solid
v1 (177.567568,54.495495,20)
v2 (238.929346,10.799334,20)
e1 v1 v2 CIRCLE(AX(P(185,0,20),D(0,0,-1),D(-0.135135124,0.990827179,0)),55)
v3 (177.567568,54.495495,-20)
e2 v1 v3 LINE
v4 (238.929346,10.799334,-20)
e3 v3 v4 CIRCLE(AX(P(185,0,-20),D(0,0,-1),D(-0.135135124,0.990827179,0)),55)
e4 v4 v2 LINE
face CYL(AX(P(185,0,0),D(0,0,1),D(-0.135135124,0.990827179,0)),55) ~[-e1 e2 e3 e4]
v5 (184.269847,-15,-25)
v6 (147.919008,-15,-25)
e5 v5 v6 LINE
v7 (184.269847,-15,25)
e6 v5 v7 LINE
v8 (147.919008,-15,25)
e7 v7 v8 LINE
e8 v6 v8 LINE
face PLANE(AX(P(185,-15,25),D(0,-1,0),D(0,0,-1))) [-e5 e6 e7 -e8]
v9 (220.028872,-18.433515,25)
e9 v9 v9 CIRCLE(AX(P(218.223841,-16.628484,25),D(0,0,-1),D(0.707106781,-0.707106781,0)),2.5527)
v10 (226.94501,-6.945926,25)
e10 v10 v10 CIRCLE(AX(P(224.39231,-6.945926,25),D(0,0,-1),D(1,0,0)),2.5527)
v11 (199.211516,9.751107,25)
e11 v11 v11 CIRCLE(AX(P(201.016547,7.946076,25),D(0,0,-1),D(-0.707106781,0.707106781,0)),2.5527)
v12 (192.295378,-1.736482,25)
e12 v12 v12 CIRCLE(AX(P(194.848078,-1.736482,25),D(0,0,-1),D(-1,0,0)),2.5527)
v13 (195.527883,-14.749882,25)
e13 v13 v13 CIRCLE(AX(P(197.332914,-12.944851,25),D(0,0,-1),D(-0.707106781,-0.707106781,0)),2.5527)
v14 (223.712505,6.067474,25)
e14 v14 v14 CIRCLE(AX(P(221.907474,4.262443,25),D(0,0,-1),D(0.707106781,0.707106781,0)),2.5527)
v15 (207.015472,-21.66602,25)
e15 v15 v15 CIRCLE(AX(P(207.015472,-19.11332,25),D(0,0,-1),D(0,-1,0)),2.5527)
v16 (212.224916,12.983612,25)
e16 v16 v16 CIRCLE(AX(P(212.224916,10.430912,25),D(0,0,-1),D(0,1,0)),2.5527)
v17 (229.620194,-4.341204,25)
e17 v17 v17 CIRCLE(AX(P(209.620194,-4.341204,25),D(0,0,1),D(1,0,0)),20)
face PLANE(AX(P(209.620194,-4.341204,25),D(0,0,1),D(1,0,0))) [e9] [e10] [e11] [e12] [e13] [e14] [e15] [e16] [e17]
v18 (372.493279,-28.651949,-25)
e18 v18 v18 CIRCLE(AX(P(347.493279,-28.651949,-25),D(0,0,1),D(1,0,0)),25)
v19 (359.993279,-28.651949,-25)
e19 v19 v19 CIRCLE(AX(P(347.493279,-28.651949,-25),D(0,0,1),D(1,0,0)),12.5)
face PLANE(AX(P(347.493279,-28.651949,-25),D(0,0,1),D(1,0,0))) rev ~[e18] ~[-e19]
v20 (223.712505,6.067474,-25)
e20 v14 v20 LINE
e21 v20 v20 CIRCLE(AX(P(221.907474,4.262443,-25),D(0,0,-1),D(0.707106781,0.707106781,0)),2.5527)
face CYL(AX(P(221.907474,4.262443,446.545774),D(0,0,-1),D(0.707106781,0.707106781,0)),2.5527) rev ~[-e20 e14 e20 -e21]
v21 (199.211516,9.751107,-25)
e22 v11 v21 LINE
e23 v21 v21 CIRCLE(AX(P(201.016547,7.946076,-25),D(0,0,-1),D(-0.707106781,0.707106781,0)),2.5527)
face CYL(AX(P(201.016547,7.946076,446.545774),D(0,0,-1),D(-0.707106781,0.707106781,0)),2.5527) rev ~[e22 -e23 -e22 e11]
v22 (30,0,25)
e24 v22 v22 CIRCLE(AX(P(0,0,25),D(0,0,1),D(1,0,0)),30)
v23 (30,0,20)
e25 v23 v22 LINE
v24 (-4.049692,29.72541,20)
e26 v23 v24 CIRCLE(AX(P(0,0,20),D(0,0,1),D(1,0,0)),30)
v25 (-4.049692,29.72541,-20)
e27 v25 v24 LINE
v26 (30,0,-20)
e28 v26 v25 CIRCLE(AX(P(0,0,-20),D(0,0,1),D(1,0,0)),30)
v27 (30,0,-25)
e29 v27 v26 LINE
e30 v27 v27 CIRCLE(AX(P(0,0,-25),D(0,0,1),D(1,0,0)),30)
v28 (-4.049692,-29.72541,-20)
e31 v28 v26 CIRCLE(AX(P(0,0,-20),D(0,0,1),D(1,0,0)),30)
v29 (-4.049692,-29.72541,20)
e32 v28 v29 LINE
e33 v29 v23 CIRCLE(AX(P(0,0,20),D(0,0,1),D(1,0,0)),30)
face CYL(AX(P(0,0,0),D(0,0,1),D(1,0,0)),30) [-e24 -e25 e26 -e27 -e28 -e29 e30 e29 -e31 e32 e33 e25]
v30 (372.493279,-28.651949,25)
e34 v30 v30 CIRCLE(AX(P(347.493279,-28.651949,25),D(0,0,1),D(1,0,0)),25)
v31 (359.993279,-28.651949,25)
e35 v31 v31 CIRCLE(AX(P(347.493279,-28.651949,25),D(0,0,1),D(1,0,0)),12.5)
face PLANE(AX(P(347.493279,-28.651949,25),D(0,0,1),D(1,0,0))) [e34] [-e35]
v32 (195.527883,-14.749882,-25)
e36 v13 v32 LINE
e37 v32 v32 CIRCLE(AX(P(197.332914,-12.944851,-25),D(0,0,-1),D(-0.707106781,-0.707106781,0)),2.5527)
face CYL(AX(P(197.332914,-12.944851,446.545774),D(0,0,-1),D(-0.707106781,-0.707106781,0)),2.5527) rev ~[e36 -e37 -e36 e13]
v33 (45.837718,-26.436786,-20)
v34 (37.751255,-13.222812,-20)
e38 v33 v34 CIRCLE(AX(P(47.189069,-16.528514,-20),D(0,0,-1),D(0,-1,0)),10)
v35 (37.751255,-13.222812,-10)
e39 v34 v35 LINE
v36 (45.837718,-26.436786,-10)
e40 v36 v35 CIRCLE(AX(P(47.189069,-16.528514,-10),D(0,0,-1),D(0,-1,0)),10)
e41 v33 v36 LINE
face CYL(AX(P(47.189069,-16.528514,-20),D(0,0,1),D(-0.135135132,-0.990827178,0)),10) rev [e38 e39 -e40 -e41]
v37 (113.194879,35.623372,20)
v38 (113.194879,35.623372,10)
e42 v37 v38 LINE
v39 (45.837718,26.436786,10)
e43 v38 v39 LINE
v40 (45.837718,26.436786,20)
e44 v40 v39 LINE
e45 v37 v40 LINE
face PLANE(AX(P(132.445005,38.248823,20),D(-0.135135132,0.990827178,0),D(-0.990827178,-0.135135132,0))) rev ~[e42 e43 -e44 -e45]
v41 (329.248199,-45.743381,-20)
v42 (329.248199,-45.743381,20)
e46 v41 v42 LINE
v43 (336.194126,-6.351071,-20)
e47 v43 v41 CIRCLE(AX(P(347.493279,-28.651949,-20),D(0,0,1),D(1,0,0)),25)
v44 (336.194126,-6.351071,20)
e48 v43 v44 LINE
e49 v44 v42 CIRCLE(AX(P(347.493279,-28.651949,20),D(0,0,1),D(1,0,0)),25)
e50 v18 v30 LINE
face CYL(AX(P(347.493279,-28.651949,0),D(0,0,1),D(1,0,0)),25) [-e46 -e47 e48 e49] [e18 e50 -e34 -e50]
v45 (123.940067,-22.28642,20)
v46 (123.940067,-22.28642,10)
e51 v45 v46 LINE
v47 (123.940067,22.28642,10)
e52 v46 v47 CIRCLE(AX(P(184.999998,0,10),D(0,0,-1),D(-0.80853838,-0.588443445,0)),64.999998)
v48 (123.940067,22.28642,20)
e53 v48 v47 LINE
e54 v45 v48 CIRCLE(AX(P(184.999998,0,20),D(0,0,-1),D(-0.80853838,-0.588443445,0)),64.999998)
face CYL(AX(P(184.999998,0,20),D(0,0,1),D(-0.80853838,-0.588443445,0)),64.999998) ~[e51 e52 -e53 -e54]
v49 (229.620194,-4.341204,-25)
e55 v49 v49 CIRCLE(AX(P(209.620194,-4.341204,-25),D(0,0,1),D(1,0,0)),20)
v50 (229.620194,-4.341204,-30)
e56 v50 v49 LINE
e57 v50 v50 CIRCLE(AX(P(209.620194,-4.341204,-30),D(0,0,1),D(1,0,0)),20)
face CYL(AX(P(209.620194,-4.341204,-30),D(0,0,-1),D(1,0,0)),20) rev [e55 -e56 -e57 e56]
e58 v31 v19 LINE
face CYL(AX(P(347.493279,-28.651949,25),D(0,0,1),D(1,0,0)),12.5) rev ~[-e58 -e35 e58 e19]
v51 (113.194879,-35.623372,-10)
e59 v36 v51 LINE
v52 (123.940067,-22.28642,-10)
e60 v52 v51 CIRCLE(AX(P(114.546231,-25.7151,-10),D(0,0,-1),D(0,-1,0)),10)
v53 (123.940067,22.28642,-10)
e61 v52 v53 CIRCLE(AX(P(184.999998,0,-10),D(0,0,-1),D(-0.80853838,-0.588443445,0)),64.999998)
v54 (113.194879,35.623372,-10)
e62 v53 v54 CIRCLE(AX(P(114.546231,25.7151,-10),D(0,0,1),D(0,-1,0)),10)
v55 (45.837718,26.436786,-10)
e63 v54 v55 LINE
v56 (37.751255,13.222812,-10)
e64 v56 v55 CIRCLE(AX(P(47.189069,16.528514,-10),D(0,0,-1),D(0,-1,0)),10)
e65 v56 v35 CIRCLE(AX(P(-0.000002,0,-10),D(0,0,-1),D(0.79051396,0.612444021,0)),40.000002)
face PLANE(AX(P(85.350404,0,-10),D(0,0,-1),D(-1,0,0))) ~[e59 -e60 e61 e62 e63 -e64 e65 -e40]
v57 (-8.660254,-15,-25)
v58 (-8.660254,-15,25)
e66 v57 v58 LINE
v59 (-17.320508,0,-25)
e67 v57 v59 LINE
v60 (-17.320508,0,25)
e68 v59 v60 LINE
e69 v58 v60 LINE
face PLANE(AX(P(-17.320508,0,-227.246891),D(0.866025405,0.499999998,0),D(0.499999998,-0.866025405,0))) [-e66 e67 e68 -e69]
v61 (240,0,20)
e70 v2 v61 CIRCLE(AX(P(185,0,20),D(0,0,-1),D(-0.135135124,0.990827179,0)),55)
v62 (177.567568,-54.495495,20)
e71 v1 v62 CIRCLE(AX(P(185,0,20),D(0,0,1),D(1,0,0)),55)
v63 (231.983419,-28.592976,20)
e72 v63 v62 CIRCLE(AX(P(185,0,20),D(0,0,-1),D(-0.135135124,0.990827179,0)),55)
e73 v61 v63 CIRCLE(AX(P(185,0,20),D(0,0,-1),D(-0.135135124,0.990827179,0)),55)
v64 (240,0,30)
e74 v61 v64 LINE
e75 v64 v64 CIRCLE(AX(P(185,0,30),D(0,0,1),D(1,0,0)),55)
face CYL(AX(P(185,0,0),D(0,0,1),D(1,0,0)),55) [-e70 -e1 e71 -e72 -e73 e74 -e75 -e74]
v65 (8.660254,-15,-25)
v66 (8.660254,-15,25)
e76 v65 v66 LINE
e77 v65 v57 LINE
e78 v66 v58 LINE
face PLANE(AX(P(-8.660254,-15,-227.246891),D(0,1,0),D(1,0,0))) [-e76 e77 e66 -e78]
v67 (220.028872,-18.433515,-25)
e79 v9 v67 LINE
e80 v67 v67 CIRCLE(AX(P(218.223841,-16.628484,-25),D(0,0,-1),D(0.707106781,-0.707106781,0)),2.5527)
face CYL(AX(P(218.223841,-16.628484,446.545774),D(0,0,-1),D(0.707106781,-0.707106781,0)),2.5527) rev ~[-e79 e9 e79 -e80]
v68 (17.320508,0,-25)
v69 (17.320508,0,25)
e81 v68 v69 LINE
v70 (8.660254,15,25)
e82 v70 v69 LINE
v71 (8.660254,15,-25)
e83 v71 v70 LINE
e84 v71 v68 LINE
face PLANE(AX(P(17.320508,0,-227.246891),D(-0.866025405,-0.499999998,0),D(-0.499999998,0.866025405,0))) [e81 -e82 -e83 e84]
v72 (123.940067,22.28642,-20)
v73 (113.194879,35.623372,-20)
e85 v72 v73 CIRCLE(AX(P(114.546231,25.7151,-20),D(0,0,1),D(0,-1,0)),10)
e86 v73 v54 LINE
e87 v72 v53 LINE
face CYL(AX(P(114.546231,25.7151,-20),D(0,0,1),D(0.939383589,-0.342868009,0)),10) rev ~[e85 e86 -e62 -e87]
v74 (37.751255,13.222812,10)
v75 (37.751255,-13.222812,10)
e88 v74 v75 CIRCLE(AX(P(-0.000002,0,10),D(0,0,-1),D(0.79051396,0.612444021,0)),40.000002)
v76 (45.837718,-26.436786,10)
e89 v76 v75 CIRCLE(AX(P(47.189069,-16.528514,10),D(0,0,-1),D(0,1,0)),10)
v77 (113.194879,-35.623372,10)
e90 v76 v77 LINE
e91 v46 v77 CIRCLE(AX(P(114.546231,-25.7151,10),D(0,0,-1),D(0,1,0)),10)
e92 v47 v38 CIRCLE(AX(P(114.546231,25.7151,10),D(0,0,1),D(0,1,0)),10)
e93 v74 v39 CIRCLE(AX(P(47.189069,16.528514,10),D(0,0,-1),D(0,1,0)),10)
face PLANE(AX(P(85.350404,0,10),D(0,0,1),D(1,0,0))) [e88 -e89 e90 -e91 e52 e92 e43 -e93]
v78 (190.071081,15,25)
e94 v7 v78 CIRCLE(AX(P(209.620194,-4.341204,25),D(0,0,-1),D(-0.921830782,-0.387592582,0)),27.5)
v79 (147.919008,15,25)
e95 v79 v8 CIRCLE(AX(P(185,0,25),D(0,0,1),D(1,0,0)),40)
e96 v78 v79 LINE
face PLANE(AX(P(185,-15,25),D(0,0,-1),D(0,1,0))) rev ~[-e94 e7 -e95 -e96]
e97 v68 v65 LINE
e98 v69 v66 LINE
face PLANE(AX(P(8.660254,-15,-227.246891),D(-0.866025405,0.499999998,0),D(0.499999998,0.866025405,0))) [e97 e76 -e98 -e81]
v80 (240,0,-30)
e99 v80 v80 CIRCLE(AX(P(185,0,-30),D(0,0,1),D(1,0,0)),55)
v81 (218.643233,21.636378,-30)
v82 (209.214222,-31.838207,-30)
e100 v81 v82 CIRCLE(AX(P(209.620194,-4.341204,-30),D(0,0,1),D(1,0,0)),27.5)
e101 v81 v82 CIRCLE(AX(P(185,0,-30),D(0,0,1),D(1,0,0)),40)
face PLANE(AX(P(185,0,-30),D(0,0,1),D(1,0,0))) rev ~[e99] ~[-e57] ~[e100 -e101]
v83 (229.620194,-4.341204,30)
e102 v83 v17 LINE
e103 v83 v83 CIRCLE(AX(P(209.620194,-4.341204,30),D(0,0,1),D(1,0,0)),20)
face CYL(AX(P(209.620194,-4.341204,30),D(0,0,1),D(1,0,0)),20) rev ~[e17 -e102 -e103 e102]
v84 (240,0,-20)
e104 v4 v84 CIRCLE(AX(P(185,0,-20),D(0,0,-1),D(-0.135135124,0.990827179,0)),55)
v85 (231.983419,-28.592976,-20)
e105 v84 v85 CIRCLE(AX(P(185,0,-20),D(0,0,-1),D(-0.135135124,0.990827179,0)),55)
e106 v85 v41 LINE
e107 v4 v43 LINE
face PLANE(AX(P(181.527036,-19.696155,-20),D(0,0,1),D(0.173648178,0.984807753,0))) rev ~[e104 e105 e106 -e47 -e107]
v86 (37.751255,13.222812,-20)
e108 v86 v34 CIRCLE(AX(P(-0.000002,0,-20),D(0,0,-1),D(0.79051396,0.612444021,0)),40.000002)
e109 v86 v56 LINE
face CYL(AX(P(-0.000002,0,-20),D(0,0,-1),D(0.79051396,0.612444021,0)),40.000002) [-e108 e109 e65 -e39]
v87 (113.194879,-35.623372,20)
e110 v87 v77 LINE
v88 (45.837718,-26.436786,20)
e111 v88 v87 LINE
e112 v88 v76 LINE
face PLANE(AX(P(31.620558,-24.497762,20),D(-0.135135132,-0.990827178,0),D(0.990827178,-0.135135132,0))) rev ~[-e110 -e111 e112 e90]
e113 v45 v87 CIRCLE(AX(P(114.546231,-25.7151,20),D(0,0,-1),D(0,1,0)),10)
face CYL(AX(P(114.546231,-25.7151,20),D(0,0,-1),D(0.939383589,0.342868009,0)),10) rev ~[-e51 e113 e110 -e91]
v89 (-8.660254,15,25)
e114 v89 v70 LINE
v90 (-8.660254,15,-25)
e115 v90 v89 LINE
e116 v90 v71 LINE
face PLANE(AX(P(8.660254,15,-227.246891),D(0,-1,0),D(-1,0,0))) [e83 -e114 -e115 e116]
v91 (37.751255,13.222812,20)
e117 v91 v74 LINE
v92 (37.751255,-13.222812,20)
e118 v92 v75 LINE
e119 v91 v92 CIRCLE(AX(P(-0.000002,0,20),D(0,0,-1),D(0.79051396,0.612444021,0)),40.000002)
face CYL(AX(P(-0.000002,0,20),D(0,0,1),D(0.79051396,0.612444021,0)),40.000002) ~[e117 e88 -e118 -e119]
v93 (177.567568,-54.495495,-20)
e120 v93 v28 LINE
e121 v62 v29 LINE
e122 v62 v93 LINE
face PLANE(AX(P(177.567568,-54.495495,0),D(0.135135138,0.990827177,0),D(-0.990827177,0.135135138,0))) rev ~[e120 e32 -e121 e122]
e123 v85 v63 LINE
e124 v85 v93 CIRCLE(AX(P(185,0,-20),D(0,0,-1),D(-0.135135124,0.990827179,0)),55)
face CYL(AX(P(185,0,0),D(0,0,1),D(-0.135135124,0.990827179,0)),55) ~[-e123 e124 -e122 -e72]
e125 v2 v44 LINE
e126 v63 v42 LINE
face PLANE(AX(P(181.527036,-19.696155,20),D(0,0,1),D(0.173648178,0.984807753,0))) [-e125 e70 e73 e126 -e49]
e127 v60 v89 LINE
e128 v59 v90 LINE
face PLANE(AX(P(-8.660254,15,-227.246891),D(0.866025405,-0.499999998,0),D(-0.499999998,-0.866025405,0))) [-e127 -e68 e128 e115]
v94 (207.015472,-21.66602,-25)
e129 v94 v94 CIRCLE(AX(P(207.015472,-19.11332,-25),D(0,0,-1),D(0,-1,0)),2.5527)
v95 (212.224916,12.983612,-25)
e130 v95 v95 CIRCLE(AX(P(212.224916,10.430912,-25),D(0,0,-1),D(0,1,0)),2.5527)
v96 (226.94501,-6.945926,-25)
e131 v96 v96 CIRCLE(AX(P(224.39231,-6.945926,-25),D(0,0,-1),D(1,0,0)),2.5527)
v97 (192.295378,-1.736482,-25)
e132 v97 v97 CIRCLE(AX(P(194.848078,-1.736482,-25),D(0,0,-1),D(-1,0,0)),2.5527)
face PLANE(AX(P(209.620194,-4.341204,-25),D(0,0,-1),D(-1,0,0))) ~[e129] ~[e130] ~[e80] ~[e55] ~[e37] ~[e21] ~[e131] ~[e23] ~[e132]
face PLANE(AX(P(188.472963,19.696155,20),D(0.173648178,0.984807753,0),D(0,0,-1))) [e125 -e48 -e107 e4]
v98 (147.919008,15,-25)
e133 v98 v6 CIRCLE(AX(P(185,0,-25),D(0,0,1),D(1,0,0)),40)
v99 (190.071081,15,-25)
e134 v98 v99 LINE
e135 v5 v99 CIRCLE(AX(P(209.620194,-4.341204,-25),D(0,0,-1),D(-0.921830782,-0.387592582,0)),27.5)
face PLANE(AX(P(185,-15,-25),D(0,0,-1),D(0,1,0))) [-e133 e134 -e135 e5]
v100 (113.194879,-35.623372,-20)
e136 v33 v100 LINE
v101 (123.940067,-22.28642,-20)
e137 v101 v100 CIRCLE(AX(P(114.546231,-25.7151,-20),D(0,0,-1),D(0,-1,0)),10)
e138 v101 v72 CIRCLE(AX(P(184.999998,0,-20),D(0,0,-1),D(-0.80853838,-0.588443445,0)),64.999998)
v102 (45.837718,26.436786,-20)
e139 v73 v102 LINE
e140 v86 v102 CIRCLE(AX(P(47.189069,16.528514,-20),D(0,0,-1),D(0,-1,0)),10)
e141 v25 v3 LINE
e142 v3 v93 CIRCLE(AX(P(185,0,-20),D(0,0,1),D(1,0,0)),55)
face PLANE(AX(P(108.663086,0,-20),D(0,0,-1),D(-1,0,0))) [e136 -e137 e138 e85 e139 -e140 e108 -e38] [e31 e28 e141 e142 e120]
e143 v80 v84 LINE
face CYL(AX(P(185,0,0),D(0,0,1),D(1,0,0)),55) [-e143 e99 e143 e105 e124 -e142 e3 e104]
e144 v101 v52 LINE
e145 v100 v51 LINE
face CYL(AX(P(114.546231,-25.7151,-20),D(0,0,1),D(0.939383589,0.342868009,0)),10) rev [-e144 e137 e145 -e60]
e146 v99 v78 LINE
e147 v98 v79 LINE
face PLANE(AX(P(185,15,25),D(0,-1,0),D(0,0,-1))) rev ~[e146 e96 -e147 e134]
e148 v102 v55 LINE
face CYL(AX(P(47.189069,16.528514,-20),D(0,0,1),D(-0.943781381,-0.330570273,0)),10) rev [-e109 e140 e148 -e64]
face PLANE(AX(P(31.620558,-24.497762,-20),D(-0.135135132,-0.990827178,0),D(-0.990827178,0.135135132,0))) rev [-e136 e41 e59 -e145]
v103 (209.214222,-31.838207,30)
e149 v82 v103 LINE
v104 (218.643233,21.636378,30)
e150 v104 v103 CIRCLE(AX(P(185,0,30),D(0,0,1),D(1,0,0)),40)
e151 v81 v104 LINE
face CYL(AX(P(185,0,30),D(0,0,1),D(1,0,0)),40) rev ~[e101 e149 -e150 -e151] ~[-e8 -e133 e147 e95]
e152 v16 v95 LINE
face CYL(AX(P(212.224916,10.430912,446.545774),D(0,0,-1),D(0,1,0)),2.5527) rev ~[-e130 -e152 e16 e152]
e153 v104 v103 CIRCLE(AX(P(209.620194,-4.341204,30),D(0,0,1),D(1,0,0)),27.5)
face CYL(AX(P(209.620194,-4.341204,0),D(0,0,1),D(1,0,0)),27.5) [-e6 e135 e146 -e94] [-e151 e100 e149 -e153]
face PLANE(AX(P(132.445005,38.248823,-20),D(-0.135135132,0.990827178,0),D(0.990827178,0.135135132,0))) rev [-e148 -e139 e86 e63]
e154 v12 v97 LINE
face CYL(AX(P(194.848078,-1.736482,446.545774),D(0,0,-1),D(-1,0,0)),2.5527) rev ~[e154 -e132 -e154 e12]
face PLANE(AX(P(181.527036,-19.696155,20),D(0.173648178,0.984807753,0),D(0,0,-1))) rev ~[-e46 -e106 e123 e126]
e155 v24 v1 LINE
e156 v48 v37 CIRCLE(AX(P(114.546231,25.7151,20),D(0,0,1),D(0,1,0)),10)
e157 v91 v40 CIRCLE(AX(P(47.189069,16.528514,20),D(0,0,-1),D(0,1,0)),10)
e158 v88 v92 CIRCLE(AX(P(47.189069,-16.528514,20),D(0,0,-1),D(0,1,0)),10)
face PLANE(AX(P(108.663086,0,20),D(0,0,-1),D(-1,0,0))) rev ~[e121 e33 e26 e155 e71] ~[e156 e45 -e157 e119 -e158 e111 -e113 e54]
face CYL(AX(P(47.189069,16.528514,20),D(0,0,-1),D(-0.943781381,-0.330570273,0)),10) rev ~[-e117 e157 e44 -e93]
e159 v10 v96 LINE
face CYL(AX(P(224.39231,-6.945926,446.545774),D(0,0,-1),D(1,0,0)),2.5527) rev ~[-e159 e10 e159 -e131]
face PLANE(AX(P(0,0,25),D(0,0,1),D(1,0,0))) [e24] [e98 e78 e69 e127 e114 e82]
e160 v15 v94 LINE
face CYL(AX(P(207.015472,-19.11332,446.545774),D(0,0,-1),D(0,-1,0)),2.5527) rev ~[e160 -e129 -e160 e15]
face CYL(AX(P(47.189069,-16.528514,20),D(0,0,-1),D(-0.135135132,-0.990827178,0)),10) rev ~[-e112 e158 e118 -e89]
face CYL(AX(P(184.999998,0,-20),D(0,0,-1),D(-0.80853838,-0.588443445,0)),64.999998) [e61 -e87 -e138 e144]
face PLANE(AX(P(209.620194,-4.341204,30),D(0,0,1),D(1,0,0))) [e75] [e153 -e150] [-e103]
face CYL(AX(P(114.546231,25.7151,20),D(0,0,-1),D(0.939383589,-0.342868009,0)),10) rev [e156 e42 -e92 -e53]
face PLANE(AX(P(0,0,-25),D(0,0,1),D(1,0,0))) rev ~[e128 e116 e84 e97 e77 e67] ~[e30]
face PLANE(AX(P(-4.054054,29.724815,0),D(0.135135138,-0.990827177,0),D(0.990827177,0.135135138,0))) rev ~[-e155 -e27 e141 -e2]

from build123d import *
from build123d.topology import SkipClean

# Parameters (mm, degrees)
LEFT_ARM_DEPTH                = 20
SKETCH2_R                     = 30
LEFT_BOSS_DEPTH               = 25
LEFT_HEX_DEPTH                = 252.246891
LEFT_HEX_DEPTH_BACK           = 252.246891
SKETCH3_R                     = 55
CENTRE_BOSS_DEPTH             = 30
SKETCH5_W                     = 40
SKETCH5_H                     = 40
RIGHT_ARM_DEPTH               = 165
SKETCH7_R                     = 25
RIGHT_BOSS_DEPTH              = 25
SKETCH8_R                     = 12.5
RIGHT_BOSS_HOLE_DEPTH         = 381.527585
SKETCH9_R                     = 40
CENTRE_HOLE_DEPTH             = 382.282367
SKETCH10_R                    = 27.5
CENTRE_BLOB_DEPTH             = 30
CENTRE_BEAM_REACH             = 225.942
SKETCH11_W                    = 50
SKETCH11_H                    = 30
CENTRE_BEAM_DIRECTION_2_REACH = 225.942
SKETCH12_R                    = 20
CUT_EXTRUDE4_DEPTH            = 5
F_1_4_20_TAPPED_HOLE1_D       = 5.1054
CIRPATTERN1_COUNT             = 8
CUT_OUT_DEPTH                 = 10
FILLET1_R                     = 10
FILLET1_OF_MIRROR2_R          = 10


with BuildPart() as part:
    # Sketch1 → LEFT_ARM (new, symmetric)
    with BuildSketch(Plane.XY):
        with BuildLine():
            Line((-4.054054, 29.724815), (177.567568, 54.495495))
            ThreePointArc((177.567568, 54.495495), (240, 0), (177.567568, -54.495495))
            Line((177.567568, -54.495495), (-4.054054, -29.724815))
            ThreePointArc((-4.054054, -29.724815), (-30, 0), (-4.054054, 29.724815))
        make_face()
    extrude(amount=LEFT_ARM_DEPTH, both=True)

    # Sketch2 → LEFT_Boss (add, symmetric)
    with SkipClean():  # the faces are left unmerged after this step: merging them gives an invalid solid
        with BuildSketch(Plane.XY):
            Circle(SKETCH2_R)
        extrude(amount=LEFT_BOSS_DEPTH, both=True)

    # Sketch4 → LEFT_Hex (cut, two sides: drawn at the far end of the back side and taken through both)
    with SkipClean():  # the faces are left unmerged after this step: merging them gives an invalid solid
        with BuildSketch(Plane.XY.offset(25).offset(-LEFT_HEX_DEPTH_BACK)):
            Polygon((17.320508, 0), (8.660254, 15), (-8.660254, 15), (-17.320508, 0), (-8.660254, -15), (8.660254, -15), align=None)
        extrude(amount=LEFT_HEX_DEPTH + LEFT_HEX_DEPTH_BACK, mode=Mode.SUBTRACT)

    # Sketch3 → CENTRE_Boss (add, symmetric)
    with BuildSketch(Plane.XY):
        with Locations((185, 0)):
            Circle(SKETCH3_R)
    extrude(amount=CENTRE_BOSS_DEPTH, both=True)

    # Sketch5 → RIGHT_ARM (add)
    with BuildSketch(Plane(origin=(179.421567, -31.636863, 0), x_dir=(0, 0, -1), z_dir=(0.984807753012208, -0.17364817766693072, 0))):
        with Locations((0, 32.124913)):
            Rectangle(SKETCH5_W, SKETCH5_H)
    extrude(amount=RIGHT_ARM_DEPTH)

    # Sketch7 → RIGHT_Boss (add, symmetric)
    with BuildSketch(Plane.XY):
        with Locations((347.493279, -28.651949)):
            Circle(SKETCH7_R)
    extrude(amount=RIGHT_BOSS_DEPTH, both=True)

    # Sketch8 → RIGHT_Boss_Hole (cut, through all)
    with BuildSketch(Plane.XY.offset(25)):
        with Locations((347.493279, -28.651949)):
            Circle(SKETCH8_R)
    extrude(amount=-RIGHT_BOSS_HOLE_DEPTH, mode=Mode.SUBTRACT)

    # Sketch9 → CENTRE_Hole (cut, through all)
    with BuildSketch(Plane.XY.offset(30)):
        with Locations((185, 0)):
            Circle(SKETCH9_R)
    extrude(amount=-CENTRE_HOLE_DEPTH, mode=Mode.SUBTRACT)

    # Sketch10 → CENTRE_Blob (add, symmetric)
    with BuildSketch(Plane.XY):
        with Locations((209.620194, -4.341204)):
            Circle(SKETCH10_R)
    extrude(amount=CENTRE_BLOB_DEPTH, both=True)

    # Sketch11 → CENTRE_Beam (add, up to next)
    with BuildSketch(Plane(origin=(185, 0, 0), x_dir=(0, 0, -1), z_dir=(1, 0, 0)), mode=Mode.PRIVATE) as centre_beam_sk1:
        Rectangle(SKETCH11_W, SKETCH11_H)
    centre_beam_tool1 = extrude(centre_beam_sk1.sketch, amount=CENTRE_BEAM_REACH, mode=Mode.PRIVATE) - part.part
    add(centre_beam_tool1.solids().sort_by_distance((185, 0, 0))[0])

    # Sketch11 → CENTRE_Beam direction 2 (add, up to next)
    with BuildSketch(Plane(origin=(185, 0, 0), x_dir=(0, 0, -1), z_dir=(1, 0, 0)), mode=Mode.PRIVATE) as centre_beam_direction_2_sk1:
        Rectangle(SKETCH11_W, SKETCH11_H)
    centre_beam_direction_2_tool1 = extrude(centre_beam_direction_2_sk1.sketch, amount=-CENTRE_BEAM_DIRECTION_2_REACH, mode=Mode.PRIVATE) - part.part
    add(centre_beam_direction_2_tool1.solids().sort_by_distance((185, 0, 0))[0])

    # Sketch12 → Cut-Extrude4 (cut)
    with BuildSketch(Plane.XY.offset(30)):
        with Locations((209.620194, -4.341204)):
            Circle(SKETCH12_R)
    cut_extrude4 = extrude(amount=-CUT_EXTRUDE4_DEPTH, mode=Mode.SUBTRACT)

    # 1/4-20 Tapped Hole1 (through all)
    with Locations(Plane.XY.offset(25)):
        with Locations((194.848078, -1.736482)):
            f_1_4_20_tapped_hole1 = Hole(F_1_4_20_TAPPED_HOLE1_D / 2)

    # CirPattern1: 1/4-20 Tapped Hole1 ×8 about axis
    cirpattern1_axis = Axis((209.620194, -4.341204, 0), (0, 0, 1))
    for i in range(1, CIRPATTERN1_COUNT):
        add(f_1_4_20_tapped_hole1.rotate(cirpattern1_axis, i * 360 / CIRPATTERN1_COUNT), mode=Mode.SUBTRACT)

    # Mirror1: Cut-Extrude4 across plane
    add(cut_extrude4.mirror(Plane.XY), mode=Mode.SUBTRACT)

    # Sketch15 → Cut_OUT (cut)
    with BuildSketch(Plane.XY.offset(20)):
        with BuildLine():
            Line((132.445005, 38.248823), (31.620558, 24.497762))
            ThreePointArc((31.620558, 24.497762), (40, 0), (31.620558, -24.497762))
            Line((31.620558, -24.497762), (132.445005, -38.248823))
            ThreePointArc((132.445005, -38.248823), (120, 0), (132.445005, 38.248823))
        make_face()
    cut_out = extrude(amount=-CUT_OUT_DEPTH, mode=Mode.SUBTRACT)

    # Fillet1
    fillet1_edges = [part.edges().sort_by_distance(p)[0] for p in [
        (31.620558, -24.497762, 15),
        (31.620558, 24.497762, 15),
        (132.445005, 38.248823, 15),
        (132.445005, -38.248823, 15),
    ]]
    fillet(fillet1_edges, radius=FILLET1_R)

    # Mirror2: Cut_OUT across plane
    with SkipClean():  # the faces are left unmerged after this step: merging them gives an invalid solid
        add(cut_out.mirror(Plane.XY), mode=Mode.SUBTRACT)

    # Fillet1 of Mirror2
    fillet1_of_mirror2_edges = [part.edges().sort_by_distance(p)[0] for p in [
        (31.620558, -24.497762, -15),
        (31.620558, 24.497762, -15),
        (132.445005, 38.248823, -15),
        (132.445005, -38.248823, -15),
    ]]
    fillet(fillet1_of_mirror2_edges, radius=FILLET1_OF_MIRROR2_R)


solid = part.part
